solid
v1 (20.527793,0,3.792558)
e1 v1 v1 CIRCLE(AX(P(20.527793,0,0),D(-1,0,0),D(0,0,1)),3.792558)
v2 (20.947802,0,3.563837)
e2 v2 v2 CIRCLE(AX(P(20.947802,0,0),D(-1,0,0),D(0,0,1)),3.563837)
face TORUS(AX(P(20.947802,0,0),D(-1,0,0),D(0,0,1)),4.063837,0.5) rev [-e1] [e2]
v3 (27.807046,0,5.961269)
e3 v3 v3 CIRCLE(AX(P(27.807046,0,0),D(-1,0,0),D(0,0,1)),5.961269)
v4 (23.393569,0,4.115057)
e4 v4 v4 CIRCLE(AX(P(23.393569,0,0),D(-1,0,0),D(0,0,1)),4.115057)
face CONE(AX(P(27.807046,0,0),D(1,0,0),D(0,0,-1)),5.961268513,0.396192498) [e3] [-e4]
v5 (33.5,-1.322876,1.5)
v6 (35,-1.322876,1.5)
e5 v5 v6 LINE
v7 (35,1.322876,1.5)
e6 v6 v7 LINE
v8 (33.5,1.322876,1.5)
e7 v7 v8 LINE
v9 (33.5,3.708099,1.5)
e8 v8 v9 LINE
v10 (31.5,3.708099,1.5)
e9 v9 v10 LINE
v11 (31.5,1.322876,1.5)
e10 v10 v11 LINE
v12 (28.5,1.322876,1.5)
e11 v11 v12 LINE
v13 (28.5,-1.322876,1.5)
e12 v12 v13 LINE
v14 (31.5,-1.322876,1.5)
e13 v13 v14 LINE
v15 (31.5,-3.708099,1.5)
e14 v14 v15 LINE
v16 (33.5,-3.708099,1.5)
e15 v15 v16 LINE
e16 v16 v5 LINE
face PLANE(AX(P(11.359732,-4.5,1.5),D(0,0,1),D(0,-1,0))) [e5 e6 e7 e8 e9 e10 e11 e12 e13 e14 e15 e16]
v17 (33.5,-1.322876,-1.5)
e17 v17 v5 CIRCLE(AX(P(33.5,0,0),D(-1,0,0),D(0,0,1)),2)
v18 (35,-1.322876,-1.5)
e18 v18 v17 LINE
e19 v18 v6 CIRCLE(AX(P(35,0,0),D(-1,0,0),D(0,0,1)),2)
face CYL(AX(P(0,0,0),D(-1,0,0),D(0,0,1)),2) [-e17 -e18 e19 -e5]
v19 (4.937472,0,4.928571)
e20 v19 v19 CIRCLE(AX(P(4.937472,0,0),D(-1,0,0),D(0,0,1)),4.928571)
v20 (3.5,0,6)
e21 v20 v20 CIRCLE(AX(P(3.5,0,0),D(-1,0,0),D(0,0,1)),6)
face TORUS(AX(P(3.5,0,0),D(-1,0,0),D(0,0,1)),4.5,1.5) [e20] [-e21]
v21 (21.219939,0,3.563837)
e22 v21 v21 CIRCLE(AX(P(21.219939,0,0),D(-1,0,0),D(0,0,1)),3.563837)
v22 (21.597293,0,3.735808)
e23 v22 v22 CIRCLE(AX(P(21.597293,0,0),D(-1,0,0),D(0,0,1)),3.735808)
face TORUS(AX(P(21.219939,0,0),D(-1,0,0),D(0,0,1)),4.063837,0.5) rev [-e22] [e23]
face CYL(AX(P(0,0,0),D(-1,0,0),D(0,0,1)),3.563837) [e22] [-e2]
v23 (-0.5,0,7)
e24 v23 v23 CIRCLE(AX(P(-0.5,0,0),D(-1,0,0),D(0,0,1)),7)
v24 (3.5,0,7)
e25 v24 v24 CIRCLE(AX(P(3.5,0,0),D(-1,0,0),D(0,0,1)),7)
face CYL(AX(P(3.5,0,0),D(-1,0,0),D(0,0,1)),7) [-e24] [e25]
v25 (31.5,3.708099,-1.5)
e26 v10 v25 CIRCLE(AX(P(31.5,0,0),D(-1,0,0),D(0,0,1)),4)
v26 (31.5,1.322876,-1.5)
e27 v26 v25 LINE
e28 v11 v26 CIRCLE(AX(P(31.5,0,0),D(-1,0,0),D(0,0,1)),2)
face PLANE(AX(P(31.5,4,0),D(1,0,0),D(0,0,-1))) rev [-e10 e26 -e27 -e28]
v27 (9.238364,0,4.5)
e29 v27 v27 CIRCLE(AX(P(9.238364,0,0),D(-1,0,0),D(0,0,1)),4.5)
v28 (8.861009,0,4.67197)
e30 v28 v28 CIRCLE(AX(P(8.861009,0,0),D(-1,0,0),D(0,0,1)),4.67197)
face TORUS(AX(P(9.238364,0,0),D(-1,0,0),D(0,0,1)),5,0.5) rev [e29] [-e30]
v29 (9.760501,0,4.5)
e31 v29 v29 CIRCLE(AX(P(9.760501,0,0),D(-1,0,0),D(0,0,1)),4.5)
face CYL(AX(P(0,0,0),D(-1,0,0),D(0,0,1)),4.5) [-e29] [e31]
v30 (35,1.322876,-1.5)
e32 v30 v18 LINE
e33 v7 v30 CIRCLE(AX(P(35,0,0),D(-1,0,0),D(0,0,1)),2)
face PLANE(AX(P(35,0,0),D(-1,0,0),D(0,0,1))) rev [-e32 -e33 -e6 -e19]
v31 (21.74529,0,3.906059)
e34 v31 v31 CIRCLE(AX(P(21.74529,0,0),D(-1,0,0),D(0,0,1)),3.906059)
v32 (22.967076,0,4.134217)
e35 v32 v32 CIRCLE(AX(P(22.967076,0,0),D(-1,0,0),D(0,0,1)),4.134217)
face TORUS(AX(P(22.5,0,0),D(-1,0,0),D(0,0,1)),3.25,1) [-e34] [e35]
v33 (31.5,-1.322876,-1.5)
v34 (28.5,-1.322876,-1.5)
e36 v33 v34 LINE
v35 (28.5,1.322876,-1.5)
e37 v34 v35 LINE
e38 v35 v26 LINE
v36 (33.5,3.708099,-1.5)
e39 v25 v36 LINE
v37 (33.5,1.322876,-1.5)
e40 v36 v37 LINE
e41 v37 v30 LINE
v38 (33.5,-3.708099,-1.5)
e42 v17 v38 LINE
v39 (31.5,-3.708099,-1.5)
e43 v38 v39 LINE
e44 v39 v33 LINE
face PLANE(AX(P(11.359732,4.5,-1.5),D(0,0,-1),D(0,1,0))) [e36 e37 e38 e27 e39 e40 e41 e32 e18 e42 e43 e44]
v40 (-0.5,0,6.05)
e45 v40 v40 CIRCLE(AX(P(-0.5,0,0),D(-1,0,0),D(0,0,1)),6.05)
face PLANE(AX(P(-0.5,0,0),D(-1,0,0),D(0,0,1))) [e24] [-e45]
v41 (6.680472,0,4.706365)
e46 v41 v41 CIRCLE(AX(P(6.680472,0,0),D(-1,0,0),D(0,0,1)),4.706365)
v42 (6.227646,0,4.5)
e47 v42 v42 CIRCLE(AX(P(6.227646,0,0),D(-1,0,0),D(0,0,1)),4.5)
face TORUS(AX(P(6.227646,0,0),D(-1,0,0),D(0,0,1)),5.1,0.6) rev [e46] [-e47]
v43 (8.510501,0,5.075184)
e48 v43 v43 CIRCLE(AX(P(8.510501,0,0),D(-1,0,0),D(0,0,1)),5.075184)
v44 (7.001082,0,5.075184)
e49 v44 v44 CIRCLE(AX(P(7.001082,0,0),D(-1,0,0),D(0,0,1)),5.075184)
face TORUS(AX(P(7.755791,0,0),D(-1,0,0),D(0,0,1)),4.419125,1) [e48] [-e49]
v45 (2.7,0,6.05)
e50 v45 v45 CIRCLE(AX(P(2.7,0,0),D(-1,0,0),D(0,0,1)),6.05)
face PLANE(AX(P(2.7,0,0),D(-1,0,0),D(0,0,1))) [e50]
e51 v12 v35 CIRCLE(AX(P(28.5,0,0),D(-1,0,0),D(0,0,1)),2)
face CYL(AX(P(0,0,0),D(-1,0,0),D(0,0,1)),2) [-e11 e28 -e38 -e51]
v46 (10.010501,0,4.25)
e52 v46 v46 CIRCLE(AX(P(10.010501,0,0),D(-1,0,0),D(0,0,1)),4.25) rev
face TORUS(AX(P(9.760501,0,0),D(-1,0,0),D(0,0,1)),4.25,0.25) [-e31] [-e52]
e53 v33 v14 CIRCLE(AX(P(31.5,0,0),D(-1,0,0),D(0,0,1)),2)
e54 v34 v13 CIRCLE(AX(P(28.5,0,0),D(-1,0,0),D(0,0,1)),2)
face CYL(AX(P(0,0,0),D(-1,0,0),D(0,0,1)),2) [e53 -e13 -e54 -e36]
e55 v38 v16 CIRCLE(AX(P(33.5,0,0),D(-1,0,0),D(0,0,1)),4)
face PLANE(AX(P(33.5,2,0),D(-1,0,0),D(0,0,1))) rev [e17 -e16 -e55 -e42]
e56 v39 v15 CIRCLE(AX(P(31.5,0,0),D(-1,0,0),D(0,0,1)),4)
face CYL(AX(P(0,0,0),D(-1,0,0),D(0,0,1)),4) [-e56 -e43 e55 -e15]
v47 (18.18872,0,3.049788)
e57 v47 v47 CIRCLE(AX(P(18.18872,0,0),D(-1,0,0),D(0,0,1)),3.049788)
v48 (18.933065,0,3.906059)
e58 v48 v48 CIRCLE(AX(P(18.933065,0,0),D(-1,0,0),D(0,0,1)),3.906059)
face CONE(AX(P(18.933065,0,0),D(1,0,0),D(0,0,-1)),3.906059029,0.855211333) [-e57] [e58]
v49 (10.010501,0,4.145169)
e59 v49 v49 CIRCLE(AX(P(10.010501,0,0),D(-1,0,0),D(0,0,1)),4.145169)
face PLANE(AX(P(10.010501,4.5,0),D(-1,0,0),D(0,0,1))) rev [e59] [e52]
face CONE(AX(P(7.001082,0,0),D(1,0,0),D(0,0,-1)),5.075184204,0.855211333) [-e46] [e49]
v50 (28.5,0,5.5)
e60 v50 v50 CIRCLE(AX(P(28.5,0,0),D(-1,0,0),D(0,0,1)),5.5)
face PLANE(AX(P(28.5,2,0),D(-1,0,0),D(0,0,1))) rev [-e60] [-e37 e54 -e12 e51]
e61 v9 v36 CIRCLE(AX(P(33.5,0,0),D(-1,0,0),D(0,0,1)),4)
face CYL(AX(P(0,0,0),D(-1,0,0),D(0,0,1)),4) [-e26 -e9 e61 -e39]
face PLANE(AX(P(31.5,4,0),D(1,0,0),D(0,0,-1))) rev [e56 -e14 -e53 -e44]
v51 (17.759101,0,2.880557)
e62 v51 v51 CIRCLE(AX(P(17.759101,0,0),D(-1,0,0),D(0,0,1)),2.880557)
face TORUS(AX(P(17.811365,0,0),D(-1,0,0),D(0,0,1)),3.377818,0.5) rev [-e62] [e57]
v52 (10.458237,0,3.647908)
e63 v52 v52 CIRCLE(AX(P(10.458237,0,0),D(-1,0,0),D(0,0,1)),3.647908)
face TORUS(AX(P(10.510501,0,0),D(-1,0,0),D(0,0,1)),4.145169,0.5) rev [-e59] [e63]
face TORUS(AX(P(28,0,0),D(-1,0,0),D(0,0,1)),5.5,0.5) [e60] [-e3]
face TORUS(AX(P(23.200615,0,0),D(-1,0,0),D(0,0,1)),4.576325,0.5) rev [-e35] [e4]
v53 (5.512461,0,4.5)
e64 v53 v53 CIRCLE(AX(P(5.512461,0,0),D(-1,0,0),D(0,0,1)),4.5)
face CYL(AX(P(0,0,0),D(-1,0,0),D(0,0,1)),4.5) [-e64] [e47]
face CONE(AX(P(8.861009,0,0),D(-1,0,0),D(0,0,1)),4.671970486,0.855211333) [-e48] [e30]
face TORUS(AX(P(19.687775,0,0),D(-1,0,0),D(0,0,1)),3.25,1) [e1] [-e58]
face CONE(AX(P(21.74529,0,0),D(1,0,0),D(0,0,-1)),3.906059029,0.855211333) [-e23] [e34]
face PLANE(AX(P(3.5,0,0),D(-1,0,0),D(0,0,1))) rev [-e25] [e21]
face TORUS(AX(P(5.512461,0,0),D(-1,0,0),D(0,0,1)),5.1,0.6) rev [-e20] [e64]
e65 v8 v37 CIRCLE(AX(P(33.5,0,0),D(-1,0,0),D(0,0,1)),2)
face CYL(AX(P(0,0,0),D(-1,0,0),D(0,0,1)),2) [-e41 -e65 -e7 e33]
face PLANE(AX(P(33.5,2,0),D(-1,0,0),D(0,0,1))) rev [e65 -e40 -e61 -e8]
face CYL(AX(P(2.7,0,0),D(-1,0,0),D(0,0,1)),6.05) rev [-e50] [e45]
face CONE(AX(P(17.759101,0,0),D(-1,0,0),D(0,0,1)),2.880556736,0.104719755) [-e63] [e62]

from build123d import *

# Parameters (mm, degrees)
FILETE8_R             = 0.25
ESBO_O2_OUTSIDE_W     = 21.78
ESBO_O2_OUTSIDE_H     = 21.78
ESBO_O2_OUTSIDE_W_2   = 3
ESBO_O2_OUTSIDE_H_2   = 9
CORTE_EXTRUS_O1_DEPTH = 6.5
CHANFRO1_SIZE         = 0.35
SKETCH1_R             = 7
BOSS_EXTRUDE1_DEPTH   = 3.5
SKETCH1_2_R           = 7
BOSS_EXTRUDE2_DEPTH   = 0.5
SKETCH2_R             = 6.05
CUT_EXTRUDE1_DEPTH    = 3.2


with BuildPart() as part:
    # Esboço1 → Revolução1 (revolve)
    with BuildSketch(Plane.XY):
        with BuildLine():
            Line((35, 0), (35, 2))
            Line((35, 2), (33.5, 2))
            Line((33.5, 2), (33.5, 4))
            Line((33.5, 4), (31.5, 4))
            Line((31.5, 4), (31.5, 2))
            Line((31.5, 2), (28.5, 2))
            Line((28.5, 2), (28.5, 5.5))
            ThreePointArc((28.5, 5.5), (28.277058526, 5.916219381), (27.807045707, 5.961268513))
            Line((27.807045707, 5.961268513), (23.39356896, 4.115056896))
            ThreePointArc((23.39356896, 4.115056896), (23.178174955, 4.076829203), (22.967076444, 4.134216939))
            ThreePointArc((22.967076444, 4.134216939), (22.316431993, 4.233007013), (21.74529042, 3.906059029))
            Line((21.74529042, 3.906059029), (21.597293402, 3.735807935))
            ThreePointArc((21.597293402, 3.735807935), (21.427285233, 3.608856815), (21.219938612, 3.56383745))
            Line((21.219938612, 3.56383745), (20.94780174, 3.56383745))
            ThreePointArc((20.94780174, 3.56383745), (20.708677896, 3.62472495), (20.527792665, 3.7925583))
            ThreePointArc((20.527792665, 3.7925583), (19.758767416, 4.247476821), (18.933064936, 3.906059029))
            Line((18.933064936, 3.906059029), (18.188720033, 3.049788169))
            ThreePointArc((18.188720033, 3.049788169), (17.994615856, 2.912608899), (17.759101011, 2.880556736))
            Line((17.759101011, 2.880556736), (10.458236719, 3.647908494))
            ThreePointArc((10.458236719, 3.647908494), (10.138928538, 3.810604138), (10.01050095, 4.145169441))
            Line((10.01050095, 4.145169441), (10.01050095, 4.5))
            Line((10.01050095, 4.5), (9.238364078, 4.5))
            ThreePointArc((9.238364078, 4.5), (9.031017457, 4.545019365), (8.861009288, 4.671970486))
            Line((8.861009288, 4.671970486), (8.51050095, 5.075184204))
            ThreePointArc((8.51050095, 5.075184204), (7.75579137, 5.419125175), (7.00108179, 5.075184204))
            Line((7.00108179, 5.075184204), (6.680471785, 4.706364583))
            ThreePointArc((6.680471785, 4.706364583), (6.476461982, 4.554023237), (6.227646037, 4.5))
            Line((6.227646037, 4.5), (5.51246118, 4.5))
            ThreePointArc((5.51246118, 4.5), (5.153892597, 4.618929765), (4.937472271, 4.928571429))
            ThreePointArc((4.937472271, 4.928571429), (4.396421457, 5.702675589), (3.5, 6))
            Line((3.5, 6), (0, 6))
            Line((0, 6), (0, 4.5))
            Line((0, 4.5), (0, 0))
            Line((0, 0), (35, 0))
        make_face()
    revolve(axis=Axis((0, 0, 0), (1, 0, 0)))

    # Filete8
    filete8_edges = [part.edges().sort_by_distance(p)[0] for p in [
        (10.01050095, -4.5, 0),
    ]]
    fillet(filete8_edges, radius=FILETE8_R)

    # Esboço2 outside → Corte-extrusão1 (cut)
    with BuildSketch(Plane(origin=(35, 0, 0), x_dir=(0, 0, -1), z_dir=(1, 0, 0))):
        Rectangle(ESBO_O2_OUTSIDE_W, ESBO_O2_OUTSIDE_H)
        Rectangle(ESBO_O2_OUTSIDE_W_2, ESBO_O2_OUTSIDE_H_2, mode=Mode.SUBTRACT)
    extrude(amount=-CORTE_EXTRUS_O1_DEPTH, mode=Mode.SUBTRACT)

    # Chanfro1
    chanfro1_edges = [part.edges().sort_by_distance(p)[0] for p in [
        (0, -6, 0),
    ]]
    chamfer(chanfro1_edges, length=CHANFRO1_SIZE)

    # Sketch1 → Boss-Extrude1 (add)
    with BuildSketch(Plane.ZY):
        Circle(SKETCH1_R)
    extrude(amount=-BOSS_EXTRUDE1_DEPTH)

    # Sketch1<2> → Boss-Extrude2 (add)
    with BuildSketch(Plane.ZY):
        Circle(SKETCH1_2_R)
    extrude(amount=BOSS_EXTRUDE2_DEPTH)

    # Sketch2 → Cut-Extrude1 (cut)
    with BuildSketch(Plane.ZY.offset(0.5)):
        Circle(SKETCH2_R)
    extrude(amount=-CUT_EXTRUDE1_DEPTH, mode=Mode.SUBTRACT)


solid = part.part
